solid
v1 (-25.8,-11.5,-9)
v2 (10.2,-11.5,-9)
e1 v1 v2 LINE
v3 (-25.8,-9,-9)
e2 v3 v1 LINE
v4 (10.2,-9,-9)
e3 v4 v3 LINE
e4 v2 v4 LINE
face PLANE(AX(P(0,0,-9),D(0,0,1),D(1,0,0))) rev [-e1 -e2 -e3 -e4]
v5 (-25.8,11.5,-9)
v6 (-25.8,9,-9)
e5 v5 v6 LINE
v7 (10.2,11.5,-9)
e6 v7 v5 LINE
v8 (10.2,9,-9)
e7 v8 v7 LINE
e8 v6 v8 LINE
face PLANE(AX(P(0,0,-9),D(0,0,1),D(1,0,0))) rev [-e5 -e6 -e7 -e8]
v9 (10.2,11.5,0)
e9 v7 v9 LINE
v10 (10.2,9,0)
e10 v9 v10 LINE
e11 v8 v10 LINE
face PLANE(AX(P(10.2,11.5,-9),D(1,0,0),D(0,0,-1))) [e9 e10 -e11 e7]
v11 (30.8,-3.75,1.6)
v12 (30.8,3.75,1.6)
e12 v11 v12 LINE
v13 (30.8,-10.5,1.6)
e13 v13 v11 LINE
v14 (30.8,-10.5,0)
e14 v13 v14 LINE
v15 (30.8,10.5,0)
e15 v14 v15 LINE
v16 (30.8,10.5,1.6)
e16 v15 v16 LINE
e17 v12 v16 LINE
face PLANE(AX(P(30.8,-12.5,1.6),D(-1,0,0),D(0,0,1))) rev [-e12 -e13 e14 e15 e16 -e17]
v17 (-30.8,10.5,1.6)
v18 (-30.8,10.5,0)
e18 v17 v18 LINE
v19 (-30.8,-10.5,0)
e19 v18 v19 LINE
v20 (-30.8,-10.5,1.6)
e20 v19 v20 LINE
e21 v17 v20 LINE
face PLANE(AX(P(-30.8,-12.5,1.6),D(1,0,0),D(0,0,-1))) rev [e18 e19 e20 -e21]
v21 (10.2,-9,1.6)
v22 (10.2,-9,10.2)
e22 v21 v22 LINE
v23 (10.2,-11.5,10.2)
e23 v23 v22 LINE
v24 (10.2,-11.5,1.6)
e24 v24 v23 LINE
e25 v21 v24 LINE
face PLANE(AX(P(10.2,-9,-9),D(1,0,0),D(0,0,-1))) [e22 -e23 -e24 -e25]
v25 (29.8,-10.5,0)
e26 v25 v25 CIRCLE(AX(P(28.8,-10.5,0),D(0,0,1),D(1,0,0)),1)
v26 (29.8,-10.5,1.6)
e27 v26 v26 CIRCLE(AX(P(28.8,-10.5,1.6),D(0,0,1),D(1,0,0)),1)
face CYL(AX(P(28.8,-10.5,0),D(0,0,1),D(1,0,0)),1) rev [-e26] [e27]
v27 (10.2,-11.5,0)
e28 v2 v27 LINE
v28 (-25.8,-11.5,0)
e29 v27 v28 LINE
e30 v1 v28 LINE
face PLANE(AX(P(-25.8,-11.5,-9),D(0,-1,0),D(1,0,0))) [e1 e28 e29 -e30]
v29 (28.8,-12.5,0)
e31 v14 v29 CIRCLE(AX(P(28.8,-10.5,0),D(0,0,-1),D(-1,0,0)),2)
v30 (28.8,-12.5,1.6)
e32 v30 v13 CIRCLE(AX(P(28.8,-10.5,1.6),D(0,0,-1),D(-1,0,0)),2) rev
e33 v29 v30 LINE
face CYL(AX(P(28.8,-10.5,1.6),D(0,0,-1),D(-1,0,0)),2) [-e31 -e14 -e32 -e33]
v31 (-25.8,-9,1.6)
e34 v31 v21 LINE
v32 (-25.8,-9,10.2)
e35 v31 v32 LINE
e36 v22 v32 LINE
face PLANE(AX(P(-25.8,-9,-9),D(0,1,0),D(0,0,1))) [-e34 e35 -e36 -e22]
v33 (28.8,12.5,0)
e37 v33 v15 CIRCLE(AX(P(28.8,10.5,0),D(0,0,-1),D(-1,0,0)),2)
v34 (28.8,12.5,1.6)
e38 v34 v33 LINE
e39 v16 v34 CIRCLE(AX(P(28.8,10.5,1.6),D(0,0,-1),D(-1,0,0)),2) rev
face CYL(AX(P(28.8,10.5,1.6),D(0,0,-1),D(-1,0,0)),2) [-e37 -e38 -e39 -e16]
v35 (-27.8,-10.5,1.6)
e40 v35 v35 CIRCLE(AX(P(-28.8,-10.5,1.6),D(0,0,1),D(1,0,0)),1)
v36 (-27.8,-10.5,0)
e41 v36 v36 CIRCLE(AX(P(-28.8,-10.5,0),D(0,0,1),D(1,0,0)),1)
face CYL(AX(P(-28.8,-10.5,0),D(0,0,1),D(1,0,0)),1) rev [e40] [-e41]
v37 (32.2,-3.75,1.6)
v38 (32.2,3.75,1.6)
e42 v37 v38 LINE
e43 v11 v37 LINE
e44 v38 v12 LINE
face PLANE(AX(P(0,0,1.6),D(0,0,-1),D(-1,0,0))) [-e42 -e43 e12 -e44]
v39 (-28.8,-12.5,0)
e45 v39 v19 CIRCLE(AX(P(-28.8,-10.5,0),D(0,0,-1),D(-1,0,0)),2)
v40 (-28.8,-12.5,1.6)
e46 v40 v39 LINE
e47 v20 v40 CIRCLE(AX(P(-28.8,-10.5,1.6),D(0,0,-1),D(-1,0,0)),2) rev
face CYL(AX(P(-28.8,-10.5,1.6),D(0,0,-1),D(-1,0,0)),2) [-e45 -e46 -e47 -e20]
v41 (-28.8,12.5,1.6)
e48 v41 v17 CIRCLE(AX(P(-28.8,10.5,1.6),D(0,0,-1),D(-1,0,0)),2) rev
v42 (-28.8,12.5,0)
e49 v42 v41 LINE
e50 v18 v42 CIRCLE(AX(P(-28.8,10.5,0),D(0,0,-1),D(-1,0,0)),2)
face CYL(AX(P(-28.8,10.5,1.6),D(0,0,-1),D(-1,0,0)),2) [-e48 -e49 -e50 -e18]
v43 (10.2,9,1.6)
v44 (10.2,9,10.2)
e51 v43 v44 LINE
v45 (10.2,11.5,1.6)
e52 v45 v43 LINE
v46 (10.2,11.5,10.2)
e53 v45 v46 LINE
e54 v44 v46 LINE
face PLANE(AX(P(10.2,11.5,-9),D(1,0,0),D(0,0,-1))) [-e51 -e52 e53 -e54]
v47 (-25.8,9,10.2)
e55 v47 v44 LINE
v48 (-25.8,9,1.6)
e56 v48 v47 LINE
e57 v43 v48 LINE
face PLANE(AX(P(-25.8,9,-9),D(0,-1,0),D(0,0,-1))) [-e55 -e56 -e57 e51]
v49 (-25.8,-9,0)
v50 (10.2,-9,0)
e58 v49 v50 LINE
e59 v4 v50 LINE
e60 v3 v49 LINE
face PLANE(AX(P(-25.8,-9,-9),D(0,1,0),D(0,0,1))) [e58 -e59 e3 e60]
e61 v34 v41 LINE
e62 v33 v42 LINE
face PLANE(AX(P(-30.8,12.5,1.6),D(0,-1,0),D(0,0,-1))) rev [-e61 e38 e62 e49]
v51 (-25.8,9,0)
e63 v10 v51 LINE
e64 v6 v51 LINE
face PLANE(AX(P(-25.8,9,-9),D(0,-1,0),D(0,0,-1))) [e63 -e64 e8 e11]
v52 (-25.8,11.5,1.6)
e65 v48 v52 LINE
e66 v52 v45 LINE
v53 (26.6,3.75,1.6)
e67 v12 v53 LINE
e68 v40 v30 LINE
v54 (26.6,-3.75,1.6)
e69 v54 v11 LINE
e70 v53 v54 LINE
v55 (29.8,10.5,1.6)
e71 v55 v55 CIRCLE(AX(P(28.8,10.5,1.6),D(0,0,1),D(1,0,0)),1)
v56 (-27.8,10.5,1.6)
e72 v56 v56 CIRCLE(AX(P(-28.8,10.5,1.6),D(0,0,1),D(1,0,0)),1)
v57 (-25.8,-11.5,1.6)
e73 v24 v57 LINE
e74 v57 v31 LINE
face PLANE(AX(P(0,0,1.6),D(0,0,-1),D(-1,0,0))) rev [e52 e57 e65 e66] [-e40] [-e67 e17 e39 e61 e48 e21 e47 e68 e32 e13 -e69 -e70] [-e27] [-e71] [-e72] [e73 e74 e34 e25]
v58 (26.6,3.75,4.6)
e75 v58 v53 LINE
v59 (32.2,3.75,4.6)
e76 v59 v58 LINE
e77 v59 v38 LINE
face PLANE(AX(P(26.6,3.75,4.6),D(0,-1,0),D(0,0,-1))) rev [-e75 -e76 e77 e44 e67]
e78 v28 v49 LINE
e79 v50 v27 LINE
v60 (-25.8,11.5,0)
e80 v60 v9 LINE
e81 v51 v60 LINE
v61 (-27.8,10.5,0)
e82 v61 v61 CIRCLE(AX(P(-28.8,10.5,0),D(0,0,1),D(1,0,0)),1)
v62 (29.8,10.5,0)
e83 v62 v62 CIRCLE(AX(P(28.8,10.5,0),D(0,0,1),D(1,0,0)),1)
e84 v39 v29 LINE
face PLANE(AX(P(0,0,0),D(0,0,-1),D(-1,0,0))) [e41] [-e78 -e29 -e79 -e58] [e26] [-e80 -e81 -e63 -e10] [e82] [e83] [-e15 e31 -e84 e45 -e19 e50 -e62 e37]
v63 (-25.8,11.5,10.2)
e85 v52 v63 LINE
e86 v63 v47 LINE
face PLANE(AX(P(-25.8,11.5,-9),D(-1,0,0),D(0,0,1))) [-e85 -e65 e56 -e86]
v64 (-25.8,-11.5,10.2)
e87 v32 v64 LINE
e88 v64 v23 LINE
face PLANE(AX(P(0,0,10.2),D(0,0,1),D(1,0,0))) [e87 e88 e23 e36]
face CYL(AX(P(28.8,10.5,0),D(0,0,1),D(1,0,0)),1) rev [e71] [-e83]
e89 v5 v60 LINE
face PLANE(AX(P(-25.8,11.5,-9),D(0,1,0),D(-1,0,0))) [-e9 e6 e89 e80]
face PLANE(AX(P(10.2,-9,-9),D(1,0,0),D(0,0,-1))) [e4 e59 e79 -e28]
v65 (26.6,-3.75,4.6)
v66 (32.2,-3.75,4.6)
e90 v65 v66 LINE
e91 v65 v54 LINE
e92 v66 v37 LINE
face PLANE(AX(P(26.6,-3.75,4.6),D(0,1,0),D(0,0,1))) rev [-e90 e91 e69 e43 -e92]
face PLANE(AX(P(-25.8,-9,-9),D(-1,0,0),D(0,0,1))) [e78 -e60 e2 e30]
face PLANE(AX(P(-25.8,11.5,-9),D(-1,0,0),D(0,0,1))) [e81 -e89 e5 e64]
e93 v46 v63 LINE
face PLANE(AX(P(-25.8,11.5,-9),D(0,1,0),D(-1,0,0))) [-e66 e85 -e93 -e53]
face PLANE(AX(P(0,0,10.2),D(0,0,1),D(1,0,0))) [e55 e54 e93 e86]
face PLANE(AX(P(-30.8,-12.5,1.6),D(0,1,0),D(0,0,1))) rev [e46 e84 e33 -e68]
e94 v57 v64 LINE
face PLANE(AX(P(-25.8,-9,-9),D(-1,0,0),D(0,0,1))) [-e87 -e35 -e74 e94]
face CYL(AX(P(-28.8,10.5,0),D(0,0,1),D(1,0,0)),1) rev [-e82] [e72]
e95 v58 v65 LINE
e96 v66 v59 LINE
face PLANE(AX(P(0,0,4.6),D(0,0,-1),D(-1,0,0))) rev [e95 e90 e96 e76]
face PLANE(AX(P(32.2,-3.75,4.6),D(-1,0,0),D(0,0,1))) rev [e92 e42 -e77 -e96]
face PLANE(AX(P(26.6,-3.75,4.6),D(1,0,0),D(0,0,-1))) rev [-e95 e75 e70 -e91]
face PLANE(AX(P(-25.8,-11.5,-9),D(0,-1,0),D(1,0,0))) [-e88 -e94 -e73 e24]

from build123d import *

# Parameters (mm, degrees)
SCHIZZO1_W                        = 61.6
SCHIZZO1_H                        = 25
ESTRUSIONE_ESTRUSIONE1_DEPTH      = 1.6
SCHIZZO2_R                        = 1
TAGLIO_ESTRUSIONE1_DEPTH          = 1.6
RACCORDO1_R                       = 2
SCHIZZO3_W                        = 5.6
SCHIZZO3_H                        = 7.5
ESTRUSIONE_ESTRUSIONE2_DEPTH      = 3
ESTRUSIONE_ESTRUSIONE3_DEPTH      = 8.6
ESTRUSIONE_ESTRUSIONE3_DEPTH_BACK = 10.6
SCHIZZO4_W                        = 36
SCHIZZO4_H                        = 2.5


with BuildPart() as part:
    # Schizzo1 → Estrusione-Estrusione1 (new body)
    with BuildSketch(Plane.XY):
        Rectangle(SCHIZZO1_W, SCHIZZO1_H)
    extrude(amount=ESTRUSIONE_ESTRUSIONE1_DEPTH)

    # Schizzo2 → Taglio-Estrusione1 (cut)
    with BuildSketch(Plane.XY.offset(1.6)):
        with Locations((-28.8, 10.5)):
            Circle(SCHIZZO2_R)
        with Locations((28.8, 10.5)):
            Circle(SCHIZZO2_R)
        with Locations((28.8, -10.5)):
            Circle(SCHIZZO2_R)
        with Locations((-28.8, -10.5)):
            Circle(SCHIZZO2_R)
    extrude(amount=-TAGLIO_ESTRUSIONE1_DEPTH, mode=Mode.SUBTRACT)

    # Raccordo1
    raccordo1_edges = [part.edges().sort_by_distance(p)[0] for p in [
        (-30.8, 12.5, 0.8),
        (30.8, 12.5, 0.8),
        (30.8, -12.5, 0.8),
        (-30.8, -12.5, 0.8),
    ]]
    fillet(raccordo1_edges, radius=RACCORDO1_R)

    # Schizzo3 → Estrusione-Estrusione2 (add)
    with BuildSketch(Plane.XY.offset(1.6)):
        with Locations((29.4, 0)):
            Rectangle(SCHIZZO3_W, SCHIZZO3_H)
    extrude(amount=ESTRUSIONE_ESTRUSIONE2_DEPTH)

    # Schizzo4 → Estrusione-Estrusione3 (add, two sides: drawn at the far end of the back side and taken through both)
    with BuildSketch(Plane.XY.offset(1.6).offset(-ESTRUSIONE_ESTRUSIONE3_DEPTH_BACK)):
        with Locations((-7.8, 10.25)):
            Rectangle(SCHIZZO4_W, SCHIZZO4_H)
        with Locations((-7.8, -10.25)):
            Rectangle(SCHIZZO4_W, SCHIZZO4_H)
    extrude(amount=ESTRUSIONE_ESTRUSIONE3_DEPTH + ESTRUSIONE_ESTRUSIONE3_DEPTH_BACK)


solid = part.part
